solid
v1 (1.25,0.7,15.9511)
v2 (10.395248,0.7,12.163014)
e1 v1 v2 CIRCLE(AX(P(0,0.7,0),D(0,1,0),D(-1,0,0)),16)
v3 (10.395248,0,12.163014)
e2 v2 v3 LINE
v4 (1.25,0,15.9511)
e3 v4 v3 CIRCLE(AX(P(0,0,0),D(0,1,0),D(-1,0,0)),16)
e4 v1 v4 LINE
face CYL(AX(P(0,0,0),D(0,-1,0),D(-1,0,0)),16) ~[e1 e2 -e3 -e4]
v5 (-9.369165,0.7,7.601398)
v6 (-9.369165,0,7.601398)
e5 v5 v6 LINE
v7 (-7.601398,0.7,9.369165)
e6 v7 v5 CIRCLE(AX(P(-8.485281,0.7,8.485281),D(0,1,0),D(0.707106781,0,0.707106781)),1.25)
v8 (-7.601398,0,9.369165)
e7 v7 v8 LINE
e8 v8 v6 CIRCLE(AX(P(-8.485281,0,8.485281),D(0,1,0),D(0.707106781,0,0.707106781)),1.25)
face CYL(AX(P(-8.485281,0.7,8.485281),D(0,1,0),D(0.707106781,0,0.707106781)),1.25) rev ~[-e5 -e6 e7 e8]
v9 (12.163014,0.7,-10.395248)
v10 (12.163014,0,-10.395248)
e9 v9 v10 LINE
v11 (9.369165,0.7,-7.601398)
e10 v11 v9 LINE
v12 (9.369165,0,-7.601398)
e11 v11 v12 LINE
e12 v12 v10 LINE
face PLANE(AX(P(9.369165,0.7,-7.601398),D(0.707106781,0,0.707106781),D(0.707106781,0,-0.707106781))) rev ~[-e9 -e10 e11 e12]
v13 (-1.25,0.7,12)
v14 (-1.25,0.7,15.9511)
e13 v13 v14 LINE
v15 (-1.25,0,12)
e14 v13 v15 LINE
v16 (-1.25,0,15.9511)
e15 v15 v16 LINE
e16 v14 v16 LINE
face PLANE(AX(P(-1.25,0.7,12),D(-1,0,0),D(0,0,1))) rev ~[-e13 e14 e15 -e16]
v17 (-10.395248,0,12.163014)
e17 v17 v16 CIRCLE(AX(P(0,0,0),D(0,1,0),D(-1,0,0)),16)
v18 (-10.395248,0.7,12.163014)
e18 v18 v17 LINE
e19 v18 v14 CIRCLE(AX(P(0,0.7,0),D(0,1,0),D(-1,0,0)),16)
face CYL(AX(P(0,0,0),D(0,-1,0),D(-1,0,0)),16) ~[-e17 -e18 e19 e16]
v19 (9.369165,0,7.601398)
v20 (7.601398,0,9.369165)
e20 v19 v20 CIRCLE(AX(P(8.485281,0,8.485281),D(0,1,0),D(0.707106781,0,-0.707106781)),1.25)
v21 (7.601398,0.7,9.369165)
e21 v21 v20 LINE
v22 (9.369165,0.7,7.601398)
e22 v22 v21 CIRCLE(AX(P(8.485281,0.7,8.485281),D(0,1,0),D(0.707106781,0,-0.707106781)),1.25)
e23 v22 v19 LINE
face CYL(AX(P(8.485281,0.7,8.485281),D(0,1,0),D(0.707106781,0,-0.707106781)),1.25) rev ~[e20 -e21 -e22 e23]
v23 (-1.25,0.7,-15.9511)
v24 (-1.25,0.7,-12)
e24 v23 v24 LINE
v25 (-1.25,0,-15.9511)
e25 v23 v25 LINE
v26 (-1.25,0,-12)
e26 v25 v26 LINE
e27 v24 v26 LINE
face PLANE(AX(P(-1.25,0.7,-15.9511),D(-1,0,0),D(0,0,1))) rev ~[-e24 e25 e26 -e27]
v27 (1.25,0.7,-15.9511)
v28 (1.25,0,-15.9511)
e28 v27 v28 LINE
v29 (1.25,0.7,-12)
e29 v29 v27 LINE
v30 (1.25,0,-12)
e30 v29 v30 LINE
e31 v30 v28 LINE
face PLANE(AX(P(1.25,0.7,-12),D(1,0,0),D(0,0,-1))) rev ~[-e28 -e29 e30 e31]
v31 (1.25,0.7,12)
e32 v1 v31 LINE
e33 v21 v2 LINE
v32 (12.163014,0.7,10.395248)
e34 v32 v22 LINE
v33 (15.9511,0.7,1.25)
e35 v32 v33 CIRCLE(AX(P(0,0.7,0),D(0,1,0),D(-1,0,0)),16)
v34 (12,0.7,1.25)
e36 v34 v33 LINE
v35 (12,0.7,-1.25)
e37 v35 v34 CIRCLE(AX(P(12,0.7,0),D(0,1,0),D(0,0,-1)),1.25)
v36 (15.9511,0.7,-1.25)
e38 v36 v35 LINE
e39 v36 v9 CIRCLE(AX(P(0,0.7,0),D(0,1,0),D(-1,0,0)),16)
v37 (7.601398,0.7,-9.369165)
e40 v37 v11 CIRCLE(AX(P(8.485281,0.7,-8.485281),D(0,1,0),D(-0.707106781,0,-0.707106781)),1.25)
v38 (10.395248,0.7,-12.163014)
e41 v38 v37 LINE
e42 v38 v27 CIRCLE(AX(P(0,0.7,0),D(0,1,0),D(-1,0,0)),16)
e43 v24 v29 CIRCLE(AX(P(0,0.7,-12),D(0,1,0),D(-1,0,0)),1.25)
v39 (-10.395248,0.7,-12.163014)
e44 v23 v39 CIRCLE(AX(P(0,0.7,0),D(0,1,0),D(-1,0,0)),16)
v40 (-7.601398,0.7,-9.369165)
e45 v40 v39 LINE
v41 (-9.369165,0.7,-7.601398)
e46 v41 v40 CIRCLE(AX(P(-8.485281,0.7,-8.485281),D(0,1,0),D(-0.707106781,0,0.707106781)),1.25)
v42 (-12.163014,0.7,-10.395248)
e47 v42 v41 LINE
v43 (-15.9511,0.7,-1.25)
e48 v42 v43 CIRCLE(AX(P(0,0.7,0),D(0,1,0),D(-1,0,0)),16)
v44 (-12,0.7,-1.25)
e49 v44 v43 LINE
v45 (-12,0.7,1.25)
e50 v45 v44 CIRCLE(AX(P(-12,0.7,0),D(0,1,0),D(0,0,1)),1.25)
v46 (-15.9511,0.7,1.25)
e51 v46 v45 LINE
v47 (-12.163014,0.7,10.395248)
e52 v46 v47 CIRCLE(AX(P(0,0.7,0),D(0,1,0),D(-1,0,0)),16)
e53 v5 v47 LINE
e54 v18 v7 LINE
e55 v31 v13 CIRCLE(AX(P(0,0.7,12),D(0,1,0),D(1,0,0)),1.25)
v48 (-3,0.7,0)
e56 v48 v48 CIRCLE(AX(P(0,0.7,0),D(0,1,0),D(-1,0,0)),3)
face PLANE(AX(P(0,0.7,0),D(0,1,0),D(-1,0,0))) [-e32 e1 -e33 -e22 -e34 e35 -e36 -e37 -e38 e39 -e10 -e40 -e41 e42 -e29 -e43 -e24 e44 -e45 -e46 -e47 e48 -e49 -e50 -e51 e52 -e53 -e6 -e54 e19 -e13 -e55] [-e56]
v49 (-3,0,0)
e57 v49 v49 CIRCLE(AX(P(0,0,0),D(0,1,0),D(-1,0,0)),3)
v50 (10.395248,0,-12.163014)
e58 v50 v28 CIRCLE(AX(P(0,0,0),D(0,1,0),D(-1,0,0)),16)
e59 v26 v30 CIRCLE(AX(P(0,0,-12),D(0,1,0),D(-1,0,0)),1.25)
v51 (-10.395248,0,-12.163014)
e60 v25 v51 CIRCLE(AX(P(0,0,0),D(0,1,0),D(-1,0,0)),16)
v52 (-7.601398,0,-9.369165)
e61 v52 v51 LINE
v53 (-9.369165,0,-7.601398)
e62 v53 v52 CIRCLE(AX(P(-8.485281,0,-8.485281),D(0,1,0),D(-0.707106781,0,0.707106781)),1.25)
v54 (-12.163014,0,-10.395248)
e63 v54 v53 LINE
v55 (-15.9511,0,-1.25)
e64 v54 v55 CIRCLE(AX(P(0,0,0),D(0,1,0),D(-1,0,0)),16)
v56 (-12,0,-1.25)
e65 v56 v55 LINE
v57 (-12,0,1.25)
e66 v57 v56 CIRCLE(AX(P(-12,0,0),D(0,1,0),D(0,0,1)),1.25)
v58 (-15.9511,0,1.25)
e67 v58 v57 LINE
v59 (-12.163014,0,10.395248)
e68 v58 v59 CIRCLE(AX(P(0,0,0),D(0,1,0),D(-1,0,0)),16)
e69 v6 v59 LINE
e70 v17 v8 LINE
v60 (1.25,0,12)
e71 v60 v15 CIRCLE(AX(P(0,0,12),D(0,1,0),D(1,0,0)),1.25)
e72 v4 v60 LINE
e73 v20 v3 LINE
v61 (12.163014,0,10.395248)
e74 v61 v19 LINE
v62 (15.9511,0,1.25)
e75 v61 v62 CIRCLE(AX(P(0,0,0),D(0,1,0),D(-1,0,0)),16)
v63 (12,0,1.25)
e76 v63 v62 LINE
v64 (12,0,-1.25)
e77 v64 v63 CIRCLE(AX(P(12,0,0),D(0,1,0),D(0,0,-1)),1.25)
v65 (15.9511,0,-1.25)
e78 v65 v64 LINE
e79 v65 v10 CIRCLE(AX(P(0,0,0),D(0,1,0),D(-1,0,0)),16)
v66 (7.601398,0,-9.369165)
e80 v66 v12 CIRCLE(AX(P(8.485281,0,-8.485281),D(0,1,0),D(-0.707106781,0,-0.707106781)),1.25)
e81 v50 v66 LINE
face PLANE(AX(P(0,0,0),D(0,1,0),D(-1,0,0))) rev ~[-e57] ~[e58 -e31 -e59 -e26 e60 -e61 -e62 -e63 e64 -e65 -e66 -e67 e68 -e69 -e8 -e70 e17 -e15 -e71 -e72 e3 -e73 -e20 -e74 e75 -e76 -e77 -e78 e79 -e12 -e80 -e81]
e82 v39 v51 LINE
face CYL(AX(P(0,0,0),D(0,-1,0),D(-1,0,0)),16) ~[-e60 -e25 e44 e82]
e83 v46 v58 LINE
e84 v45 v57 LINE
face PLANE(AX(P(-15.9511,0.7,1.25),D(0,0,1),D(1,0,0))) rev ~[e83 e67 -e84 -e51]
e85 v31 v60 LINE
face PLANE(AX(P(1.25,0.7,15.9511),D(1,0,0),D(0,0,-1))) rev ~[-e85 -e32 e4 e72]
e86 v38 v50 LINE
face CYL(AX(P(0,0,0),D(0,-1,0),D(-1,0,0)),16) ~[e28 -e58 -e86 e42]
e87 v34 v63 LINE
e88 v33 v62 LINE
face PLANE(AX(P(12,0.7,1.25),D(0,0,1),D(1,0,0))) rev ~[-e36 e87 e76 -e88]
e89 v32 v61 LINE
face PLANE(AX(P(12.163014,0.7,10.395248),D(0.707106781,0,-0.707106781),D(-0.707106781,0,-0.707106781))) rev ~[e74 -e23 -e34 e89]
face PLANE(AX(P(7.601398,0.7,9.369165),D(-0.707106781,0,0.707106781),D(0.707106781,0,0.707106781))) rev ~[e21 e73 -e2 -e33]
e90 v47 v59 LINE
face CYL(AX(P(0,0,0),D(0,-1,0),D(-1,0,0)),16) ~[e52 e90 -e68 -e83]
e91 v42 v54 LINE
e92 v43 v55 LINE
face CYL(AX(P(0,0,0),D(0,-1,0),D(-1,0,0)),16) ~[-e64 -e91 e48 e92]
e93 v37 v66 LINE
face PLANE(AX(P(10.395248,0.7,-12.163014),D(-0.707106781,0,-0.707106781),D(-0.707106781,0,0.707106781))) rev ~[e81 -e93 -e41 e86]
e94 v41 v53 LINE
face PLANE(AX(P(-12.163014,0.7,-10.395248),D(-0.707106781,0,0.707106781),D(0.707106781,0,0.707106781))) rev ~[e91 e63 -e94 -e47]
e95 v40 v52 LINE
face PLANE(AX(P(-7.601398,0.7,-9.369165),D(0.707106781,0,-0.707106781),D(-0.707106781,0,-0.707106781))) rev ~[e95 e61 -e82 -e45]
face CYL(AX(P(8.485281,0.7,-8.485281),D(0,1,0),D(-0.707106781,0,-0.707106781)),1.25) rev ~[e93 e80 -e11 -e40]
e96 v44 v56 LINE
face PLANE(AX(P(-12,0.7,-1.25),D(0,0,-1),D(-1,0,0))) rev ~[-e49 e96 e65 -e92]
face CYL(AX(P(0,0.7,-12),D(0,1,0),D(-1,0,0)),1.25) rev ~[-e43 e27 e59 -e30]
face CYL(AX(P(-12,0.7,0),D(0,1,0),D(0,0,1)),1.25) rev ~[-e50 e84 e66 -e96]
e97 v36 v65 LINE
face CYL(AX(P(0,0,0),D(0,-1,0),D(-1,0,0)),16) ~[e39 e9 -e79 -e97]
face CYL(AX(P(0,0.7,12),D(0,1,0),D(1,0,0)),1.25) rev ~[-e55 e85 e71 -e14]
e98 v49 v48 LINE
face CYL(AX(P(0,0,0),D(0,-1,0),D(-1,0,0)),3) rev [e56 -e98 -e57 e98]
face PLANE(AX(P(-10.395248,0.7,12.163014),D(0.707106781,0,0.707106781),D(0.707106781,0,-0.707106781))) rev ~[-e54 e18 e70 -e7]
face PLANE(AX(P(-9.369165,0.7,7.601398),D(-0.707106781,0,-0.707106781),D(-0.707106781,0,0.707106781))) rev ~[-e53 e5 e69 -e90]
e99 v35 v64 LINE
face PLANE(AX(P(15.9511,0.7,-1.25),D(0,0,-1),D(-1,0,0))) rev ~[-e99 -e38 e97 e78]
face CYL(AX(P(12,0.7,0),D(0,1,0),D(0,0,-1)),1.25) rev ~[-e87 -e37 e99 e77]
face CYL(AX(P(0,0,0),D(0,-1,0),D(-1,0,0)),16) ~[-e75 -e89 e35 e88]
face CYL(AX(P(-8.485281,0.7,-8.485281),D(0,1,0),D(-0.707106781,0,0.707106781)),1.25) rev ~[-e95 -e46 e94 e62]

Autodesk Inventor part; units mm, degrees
ref_plane "YZ Plane" through (0, 0, 0) normal (1, 0, 0) x (0, 1, 0)
ref_plane "XZ Plane" through (0, 0, 0) normal (0, 1, 0) x (-1, 0, 0)
ref_plane "XY Plane" through (0, 0, 0) normal (0, 0, 1) x (1, 0, 0)
sketch "Skizze1" plane through (0, 0, 0) normal (0, 1, 0) x (-1, 0, 0)
  circle A0 centre (0, 0) radius 3
  circle A1 centre (0, 0) radius 16
  dimension "d0" = 6
  dimension "d1" = 32
extrude "Extrusion1" add sketch "Skizze1" along normal blind 0.7
sketch "Skizze2" plane through (0, 0.7, 0) normal (0, 1, 0) x (1, 0, 0)
  circle A0 centre (0, 0) radius 16 projected
  line L0 (-15.9511, -1.25) -> (-12, -1.25)
  arc A1 (-12, -1.25) -> (-12, 1.25) centre (-12, 0) ccw
  line L1 (-12, 1.25) -> (-15.9511, 1.25)
  point P0 (-13.9755, -1.25)
  dimension "d4" = 12
  dimension "d5" = 2.5
extrude "Extrusion2" cut sketch "Skizze2" against normal blind 0.7 contours L1 A1 L0 A0 picked at (-13.3315, -0.139)
pattern_circular "Runde Anordnung1" count 8 over 360 about axis through (0, -10, 0) along (0, 1, 0) of "Extrusion2"
properties part number "Disc"
